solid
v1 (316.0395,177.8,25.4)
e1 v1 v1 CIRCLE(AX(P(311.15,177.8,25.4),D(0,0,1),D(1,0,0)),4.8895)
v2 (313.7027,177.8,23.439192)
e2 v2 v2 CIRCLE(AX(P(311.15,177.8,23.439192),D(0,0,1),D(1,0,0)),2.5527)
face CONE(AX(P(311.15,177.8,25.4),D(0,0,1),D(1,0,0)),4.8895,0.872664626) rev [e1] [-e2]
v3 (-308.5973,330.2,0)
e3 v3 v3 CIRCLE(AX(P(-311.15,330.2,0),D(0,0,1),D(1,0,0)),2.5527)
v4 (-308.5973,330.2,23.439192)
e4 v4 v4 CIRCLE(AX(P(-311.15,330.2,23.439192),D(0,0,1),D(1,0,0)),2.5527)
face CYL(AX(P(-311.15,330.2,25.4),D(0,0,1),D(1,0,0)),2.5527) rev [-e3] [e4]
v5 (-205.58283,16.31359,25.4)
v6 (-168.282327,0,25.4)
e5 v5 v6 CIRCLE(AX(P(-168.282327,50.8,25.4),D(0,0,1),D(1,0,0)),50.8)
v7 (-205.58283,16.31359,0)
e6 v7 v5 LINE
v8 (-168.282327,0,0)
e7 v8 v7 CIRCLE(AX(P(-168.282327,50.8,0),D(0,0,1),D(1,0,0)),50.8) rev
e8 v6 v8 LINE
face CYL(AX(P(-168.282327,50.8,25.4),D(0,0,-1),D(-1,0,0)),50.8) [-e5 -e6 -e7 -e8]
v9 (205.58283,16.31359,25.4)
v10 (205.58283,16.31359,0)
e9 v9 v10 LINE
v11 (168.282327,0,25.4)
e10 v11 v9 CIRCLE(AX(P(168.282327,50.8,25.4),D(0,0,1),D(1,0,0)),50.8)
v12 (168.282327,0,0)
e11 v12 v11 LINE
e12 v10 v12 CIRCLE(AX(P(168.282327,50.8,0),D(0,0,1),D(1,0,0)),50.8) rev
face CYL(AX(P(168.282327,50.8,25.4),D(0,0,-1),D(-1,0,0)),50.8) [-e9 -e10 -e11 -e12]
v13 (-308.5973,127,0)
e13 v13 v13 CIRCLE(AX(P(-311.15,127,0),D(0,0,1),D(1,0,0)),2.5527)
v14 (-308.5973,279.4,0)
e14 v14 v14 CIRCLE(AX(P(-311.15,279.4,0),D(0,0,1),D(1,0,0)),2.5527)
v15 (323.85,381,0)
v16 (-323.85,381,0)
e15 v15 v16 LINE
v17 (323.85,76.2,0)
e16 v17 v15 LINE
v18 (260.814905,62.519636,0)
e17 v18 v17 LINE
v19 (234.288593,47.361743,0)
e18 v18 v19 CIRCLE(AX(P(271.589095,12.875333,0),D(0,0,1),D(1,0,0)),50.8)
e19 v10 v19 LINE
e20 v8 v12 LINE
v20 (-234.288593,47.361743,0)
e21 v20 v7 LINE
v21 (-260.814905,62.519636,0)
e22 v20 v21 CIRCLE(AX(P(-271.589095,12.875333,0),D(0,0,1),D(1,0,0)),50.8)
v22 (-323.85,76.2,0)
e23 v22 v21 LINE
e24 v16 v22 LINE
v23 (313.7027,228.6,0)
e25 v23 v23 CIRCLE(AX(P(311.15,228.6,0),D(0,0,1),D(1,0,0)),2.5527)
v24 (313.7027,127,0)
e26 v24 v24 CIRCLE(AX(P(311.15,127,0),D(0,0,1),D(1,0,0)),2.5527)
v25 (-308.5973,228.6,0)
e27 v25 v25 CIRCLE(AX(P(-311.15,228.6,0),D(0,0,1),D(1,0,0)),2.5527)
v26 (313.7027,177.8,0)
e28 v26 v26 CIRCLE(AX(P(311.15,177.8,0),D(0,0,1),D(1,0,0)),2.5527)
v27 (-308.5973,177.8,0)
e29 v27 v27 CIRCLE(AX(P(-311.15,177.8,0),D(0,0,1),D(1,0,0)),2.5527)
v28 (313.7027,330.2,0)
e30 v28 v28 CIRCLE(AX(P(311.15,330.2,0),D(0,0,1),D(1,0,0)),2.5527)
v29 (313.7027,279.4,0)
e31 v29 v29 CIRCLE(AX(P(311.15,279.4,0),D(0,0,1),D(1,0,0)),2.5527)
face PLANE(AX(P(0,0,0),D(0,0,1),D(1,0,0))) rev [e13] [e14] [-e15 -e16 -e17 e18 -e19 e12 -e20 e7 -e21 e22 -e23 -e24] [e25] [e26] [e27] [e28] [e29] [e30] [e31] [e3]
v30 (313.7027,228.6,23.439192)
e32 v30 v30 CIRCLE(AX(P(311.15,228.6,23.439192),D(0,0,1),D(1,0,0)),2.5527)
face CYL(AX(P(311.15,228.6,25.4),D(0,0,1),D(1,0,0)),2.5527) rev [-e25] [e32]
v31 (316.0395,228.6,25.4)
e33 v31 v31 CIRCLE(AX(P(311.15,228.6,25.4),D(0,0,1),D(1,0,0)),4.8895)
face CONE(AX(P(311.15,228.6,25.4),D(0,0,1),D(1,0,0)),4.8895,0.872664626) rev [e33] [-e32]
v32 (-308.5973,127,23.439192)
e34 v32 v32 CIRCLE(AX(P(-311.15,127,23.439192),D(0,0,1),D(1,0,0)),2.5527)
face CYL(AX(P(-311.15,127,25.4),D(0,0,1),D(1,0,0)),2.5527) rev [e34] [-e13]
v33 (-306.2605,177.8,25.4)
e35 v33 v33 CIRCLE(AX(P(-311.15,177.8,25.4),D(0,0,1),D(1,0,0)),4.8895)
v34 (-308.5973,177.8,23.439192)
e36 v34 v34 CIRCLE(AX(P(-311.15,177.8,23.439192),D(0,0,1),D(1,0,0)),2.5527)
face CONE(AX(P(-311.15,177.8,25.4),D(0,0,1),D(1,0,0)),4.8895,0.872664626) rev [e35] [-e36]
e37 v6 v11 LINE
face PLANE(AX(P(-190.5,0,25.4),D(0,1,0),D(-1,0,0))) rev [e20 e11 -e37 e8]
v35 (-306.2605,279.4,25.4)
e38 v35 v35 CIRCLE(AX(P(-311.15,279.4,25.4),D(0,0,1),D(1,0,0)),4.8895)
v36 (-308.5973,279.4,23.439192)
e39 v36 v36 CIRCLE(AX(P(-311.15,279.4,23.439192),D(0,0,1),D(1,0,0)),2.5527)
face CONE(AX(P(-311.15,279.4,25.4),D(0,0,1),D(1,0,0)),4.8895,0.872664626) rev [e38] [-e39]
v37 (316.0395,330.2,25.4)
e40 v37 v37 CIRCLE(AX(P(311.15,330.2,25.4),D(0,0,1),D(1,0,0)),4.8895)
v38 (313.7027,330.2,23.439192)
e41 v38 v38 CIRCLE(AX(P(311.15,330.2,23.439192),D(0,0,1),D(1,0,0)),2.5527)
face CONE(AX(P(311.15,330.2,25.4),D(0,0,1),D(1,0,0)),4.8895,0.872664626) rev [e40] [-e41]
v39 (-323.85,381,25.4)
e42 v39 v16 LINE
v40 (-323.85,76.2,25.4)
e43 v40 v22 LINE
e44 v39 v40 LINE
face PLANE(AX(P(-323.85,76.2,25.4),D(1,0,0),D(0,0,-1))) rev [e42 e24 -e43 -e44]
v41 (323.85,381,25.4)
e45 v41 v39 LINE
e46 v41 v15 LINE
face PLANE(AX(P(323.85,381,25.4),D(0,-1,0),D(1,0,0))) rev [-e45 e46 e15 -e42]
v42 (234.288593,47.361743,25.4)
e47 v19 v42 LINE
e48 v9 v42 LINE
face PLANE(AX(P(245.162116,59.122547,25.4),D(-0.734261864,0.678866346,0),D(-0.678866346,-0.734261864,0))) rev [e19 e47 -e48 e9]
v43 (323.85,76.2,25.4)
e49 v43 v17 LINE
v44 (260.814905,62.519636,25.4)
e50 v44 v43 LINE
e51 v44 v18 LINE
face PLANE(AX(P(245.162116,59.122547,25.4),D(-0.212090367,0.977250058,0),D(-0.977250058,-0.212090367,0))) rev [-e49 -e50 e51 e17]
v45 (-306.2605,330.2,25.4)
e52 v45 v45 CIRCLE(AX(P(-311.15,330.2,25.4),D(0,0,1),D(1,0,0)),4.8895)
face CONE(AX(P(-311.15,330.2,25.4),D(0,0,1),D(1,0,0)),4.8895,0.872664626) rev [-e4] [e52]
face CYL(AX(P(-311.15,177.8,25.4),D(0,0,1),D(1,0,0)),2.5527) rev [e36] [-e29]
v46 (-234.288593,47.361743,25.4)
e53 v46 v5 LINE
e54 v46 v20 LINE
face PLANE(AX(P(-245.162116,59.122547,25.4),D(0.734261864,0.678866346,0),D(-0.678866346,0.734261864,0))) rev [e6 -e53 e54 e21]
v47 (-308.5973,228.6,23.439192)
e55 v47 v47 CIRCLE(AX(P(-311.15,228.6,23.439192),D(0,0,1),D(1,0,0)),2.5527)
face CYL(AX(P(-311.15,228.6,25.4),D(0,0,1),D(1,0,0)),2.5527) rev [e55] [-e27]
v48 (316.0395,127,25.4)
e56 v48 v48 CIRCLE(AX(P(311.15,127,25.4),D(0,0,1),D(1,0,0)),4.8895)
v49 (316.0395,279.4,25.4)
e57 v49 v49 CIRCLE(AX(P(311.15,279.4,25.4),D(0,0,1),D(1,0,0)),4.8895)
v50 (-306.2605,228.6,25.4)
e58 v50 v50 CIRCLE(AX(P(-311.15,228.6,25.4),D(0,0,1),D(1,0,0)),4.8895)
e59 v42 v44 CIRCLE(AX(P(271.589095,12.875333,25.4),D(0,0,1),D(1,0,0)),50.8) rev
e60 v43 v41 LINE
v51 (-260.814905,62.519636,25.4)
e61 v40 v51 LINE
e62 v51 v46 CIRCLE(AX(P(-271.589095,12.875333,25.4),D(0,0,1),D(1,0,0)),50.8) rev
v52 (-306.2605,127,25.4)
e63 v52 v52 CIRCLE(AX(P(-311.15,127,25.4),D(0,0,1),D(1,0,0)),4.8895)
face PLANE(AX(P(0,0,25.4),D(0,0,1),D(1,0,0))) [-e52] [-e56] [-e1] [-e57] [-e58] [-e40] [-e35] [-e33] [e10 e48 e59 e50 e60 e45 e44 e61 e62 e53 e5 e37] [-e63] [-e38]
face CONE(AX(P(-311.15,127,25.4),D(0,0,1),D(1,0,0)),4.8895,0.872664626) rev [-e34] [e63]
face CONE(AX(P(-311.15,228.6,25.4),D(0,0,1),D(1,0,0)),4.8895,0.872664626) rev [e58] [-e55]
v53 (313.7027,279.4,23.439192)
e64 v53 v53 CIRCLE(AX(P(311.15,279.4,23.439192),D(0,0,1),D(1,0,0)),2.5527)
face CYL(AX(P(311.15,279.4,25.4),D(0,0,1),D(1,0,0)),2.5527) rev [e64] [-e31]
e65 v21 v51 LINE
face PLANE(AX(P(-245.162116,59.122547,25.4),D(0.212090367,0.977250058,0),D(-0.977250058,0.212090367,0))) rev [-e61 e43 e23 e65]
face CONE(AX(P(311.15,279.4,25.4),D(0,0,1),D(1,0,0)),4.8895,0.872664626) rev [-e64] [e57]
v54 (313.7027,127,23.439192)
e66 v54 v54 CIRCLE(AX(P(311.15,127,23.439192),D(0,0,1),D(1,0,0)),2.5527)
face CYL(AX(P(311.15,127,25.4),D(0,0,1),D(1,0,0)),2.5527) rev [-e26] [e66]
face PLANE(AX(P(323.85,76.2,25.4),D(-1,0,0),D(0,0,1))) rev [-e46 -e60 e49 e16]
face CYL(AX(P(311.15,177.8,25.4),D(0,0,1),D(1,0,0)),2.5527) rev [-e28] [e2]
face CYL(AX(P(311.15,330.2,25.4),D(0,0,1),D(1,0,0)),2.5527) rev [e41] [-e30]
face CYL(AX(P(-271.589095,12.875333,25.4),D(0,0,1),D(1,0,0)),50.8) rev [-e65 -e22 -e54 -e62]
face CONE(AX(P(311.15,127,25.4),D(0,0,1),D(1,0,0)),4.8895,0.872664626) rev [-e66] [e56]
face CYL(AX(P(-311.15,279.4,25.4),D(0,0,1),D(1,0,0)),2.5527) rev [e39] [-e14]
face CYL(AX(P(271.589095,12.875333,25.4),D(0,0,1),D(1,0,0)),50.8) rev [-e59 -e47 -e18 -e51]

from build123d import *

# Parameters (mm, degrees)
BOSS_EXTRUDE1_DEPTH                        = 25.4
FILLET1_R                                  = 50.8
CSK_FOR_10_FLAT_HEAD_MACHINE_SCREW_2_COUNT = 2
CSK_FOR_10_FLAT_HEAD_MACHINE_SCREW_2_PITCH = 50.8
CSK_FOR_10_FLAT_HEAD_MACHINE_SCREW_3_COUNT = 2
CSK_FOR_10_FLAT_HEAD_MACHINE_SCREW_3_PITCH = 101.6
CSK_FOR_10_FLAT_HEAD_MACHINE_SCREW_4_COUNT = 2
CSK_FOR_10_FLAT_HEAD_MACHINE_SCREW_4_PITCH = 152.4
CSK_FOR_10_FLAT_HEAD_MACHINE_SCREW_5_COUNT = 2
CSK_FOR_10_FLAT_HEAD_MACHINE_SCREW_5_PITCH = 203.2


with BuildPart() as part:
    # Sketch1 → Boss-Extrude1 (new body)
    with BuildSketch(Plane.XY):
        Polygon((-245.162116144, 59.122546749), (-190.5, 0), (190.5, 0), (245.162116144, 59.122546749), (323.85, 76.2), (323.85, 381), (-323.85, 381), (-323.85, 76.2), align=None)
    extrude(amount=BOSS_EXTRUDE1_DEPTH)

    # Fillet1
    fillet1_edges = [part.edges().sort_by_distance(p)[0] for p in [
        (245.162116144, 59.122546749, 12.7),
        (190.5, 0, 12.7),
        (-190.5, 0, 12.7),
        (-245.162116144, 59.122546749, 12.7),
    ]]
    fillet(fillet1_edges, radius=FILLET1_R)

    # Sketch4 → CSK for #10 Flat Head Machine Screw (100)1 (revolve, cut)
    with BuildSketch(Plane(origin=(311.15, 330.2, 25.4), x_dir=(0, -1, 0), z_dir=(1, 0, 0))):
        Polygon((0, 0), (0, 52.333816902), (2.5527, 50.8), (2.5527, 1.960808018), (4.8895, 0), align=None)
    csk_for_10_flat_head_machine_screw_100 = revolve(axis=Axis((311.15, 330.2, 31.75), (0, 0, -1)), mode=Mode.SUBTRACT)

    # CSK for _10 Flat Head Machine Screw  2: CSK for #10 Flat Head Machine Screw (100)1 ×2
    with Locations(*[(0, -i * CSK_FOR_10_FLAT_HEAD_MACHINE_SCREW_2_PITCH, 0) for i in range(1, CSK_FOR_10_FLAT_HEAD_MACHINE_SCREW_2_COUNT)]):
        add(csk_for_10_flat_head_machine_screw_100, mode=Mode.SUBTRACT)

    # CSK for _10 Flat Head Machine Screw  3: CSK for #10 Flat Head Machine Screw (100)1 ×2
    with Locations(*[(0, -i * CSK_FOR_10_FLAT_HEAD_MACHINE_SCREW_3_PITCH, 0) for i in range(1, CSK_FOR_10_FLAT_HEAD_MACHINE_SCREW_3_COUNT)]):
        add(csk_for_10_flat_head_machine_screw_100, mode=Mode.SUBTRACT)

    # CSK for _10 Flat Head Machine Screw  4: CSK for #10 Flat Head Machine Screw (100)1 ×2
    with Locations(*[(0, -i * CSK_FOR_10_FLAT_HEAD_MACHINE_SCREW_4_PITCH, 0) for i in range(1, CSK_FOR_10_FLAT_HEAD_MACHINE_SCREW_4_COUNT)]):
        add(csk_for_10_flat_head_machine_screw_100, mode=Mode.SUBTRACT)

    # CSK for _10 Flat Head Machine Screw  5: CSK for #10 Flat Head Machine Screw (100)1 ×2
    with Locations(*[(0, -i * CSK_FOR_10_FLAT_HEAD_MACHINE_SCREW_5_PITCH, 0) for i in range(1, CSK_FOR_10_FLAT_HEAD_MACHINE_SCREW_5_COUNT)]):
        add(csk_for_10_flat_head_machine_screw_100, mode=Mode.SUBTRACT)

    # Mirror1: CSK for #10 Flat Head Machine Screw (100)1 across plane
    add(csk_for_10_flat_head_machine_screw_100.mirror(Plane(origin=(0, 0, 0), x_dir=(0, 0, 1), z_dir=(1, 0, 0))), mode=Mode.SUBTRACT)

    # Mirror1 copy 1 sketch → Mirror1 copy 1 (revolve, cut)
    with BuildSketch(Plane(origin=(-311.15, 279.4, 25.4), x_dir=(0, -1, 0), z_dir=(-1, 0, 0))):
        Polygon((0, 0), (0, -52.333816902), (2.5527, -50.8), (2.5527, -1.960808018), (4.8895, 0), align=None)
    revolve(axis=Axis((-311.15, 279.4, 31.75), (0, 0, 1)), mode=Mode.SUBTRACT)

    # Mirror1 copy 2 sketch → Mirror1 copy 2 (revolve, cut)
    with BuildSketch(Plane(origin=(-311.15, 228.6, 25.4), x_dir=(0, -1, 0), z_dir=(-1, 0, 0))):
        Polygon((0, 0), (0, -52.333816902), (2.5527, -50.8), (2.5527, -1.960808018), (4.8895, 0), align=None)
    revolve(axis=Axis((-311.15, 228.6, 31.75), (0, 0, 1)), mode=Mode.SUBTRACT)

    # Mirror1 copy 3 sketch → Mirror1 copy 3 (revolve, cut)
    with BuildSketch(Plane(origin=(-311.15, 177.8, 25.4), x_dir=(0, -1, 0), z_dir=(-1, 0, 0))):
        Polygon((0, 0), (0, -52.333816902), (2.5527, -50.8), (2.5527, -1.960808018), (4.8895, 0), align=None)
    revolve(axis=Axis((-311.15, 177.8, 31.75), (0, 0, 1)), mode=Mode.SUBTRACT)

    # Mirror1 copy 4 sketch → Mirror1 copy 4 (revolve, cut)
    with BuildSketch(Plane(origin=(-311.15, 127, 25.4), x_dir=(0, -1, 0), z_dir=(-1, 0, 0))):
        Polygon((0, 0), (0, -52.333816902), (2.5527, -50.8), (2.5527, -1.960808018), (4.8895, 0), align=None)
    revolve(axis=Axis((-311.15, 127, 31.75), (0, 0, 1)), mode=Mode.SUBTRACT)


solid = part.part
